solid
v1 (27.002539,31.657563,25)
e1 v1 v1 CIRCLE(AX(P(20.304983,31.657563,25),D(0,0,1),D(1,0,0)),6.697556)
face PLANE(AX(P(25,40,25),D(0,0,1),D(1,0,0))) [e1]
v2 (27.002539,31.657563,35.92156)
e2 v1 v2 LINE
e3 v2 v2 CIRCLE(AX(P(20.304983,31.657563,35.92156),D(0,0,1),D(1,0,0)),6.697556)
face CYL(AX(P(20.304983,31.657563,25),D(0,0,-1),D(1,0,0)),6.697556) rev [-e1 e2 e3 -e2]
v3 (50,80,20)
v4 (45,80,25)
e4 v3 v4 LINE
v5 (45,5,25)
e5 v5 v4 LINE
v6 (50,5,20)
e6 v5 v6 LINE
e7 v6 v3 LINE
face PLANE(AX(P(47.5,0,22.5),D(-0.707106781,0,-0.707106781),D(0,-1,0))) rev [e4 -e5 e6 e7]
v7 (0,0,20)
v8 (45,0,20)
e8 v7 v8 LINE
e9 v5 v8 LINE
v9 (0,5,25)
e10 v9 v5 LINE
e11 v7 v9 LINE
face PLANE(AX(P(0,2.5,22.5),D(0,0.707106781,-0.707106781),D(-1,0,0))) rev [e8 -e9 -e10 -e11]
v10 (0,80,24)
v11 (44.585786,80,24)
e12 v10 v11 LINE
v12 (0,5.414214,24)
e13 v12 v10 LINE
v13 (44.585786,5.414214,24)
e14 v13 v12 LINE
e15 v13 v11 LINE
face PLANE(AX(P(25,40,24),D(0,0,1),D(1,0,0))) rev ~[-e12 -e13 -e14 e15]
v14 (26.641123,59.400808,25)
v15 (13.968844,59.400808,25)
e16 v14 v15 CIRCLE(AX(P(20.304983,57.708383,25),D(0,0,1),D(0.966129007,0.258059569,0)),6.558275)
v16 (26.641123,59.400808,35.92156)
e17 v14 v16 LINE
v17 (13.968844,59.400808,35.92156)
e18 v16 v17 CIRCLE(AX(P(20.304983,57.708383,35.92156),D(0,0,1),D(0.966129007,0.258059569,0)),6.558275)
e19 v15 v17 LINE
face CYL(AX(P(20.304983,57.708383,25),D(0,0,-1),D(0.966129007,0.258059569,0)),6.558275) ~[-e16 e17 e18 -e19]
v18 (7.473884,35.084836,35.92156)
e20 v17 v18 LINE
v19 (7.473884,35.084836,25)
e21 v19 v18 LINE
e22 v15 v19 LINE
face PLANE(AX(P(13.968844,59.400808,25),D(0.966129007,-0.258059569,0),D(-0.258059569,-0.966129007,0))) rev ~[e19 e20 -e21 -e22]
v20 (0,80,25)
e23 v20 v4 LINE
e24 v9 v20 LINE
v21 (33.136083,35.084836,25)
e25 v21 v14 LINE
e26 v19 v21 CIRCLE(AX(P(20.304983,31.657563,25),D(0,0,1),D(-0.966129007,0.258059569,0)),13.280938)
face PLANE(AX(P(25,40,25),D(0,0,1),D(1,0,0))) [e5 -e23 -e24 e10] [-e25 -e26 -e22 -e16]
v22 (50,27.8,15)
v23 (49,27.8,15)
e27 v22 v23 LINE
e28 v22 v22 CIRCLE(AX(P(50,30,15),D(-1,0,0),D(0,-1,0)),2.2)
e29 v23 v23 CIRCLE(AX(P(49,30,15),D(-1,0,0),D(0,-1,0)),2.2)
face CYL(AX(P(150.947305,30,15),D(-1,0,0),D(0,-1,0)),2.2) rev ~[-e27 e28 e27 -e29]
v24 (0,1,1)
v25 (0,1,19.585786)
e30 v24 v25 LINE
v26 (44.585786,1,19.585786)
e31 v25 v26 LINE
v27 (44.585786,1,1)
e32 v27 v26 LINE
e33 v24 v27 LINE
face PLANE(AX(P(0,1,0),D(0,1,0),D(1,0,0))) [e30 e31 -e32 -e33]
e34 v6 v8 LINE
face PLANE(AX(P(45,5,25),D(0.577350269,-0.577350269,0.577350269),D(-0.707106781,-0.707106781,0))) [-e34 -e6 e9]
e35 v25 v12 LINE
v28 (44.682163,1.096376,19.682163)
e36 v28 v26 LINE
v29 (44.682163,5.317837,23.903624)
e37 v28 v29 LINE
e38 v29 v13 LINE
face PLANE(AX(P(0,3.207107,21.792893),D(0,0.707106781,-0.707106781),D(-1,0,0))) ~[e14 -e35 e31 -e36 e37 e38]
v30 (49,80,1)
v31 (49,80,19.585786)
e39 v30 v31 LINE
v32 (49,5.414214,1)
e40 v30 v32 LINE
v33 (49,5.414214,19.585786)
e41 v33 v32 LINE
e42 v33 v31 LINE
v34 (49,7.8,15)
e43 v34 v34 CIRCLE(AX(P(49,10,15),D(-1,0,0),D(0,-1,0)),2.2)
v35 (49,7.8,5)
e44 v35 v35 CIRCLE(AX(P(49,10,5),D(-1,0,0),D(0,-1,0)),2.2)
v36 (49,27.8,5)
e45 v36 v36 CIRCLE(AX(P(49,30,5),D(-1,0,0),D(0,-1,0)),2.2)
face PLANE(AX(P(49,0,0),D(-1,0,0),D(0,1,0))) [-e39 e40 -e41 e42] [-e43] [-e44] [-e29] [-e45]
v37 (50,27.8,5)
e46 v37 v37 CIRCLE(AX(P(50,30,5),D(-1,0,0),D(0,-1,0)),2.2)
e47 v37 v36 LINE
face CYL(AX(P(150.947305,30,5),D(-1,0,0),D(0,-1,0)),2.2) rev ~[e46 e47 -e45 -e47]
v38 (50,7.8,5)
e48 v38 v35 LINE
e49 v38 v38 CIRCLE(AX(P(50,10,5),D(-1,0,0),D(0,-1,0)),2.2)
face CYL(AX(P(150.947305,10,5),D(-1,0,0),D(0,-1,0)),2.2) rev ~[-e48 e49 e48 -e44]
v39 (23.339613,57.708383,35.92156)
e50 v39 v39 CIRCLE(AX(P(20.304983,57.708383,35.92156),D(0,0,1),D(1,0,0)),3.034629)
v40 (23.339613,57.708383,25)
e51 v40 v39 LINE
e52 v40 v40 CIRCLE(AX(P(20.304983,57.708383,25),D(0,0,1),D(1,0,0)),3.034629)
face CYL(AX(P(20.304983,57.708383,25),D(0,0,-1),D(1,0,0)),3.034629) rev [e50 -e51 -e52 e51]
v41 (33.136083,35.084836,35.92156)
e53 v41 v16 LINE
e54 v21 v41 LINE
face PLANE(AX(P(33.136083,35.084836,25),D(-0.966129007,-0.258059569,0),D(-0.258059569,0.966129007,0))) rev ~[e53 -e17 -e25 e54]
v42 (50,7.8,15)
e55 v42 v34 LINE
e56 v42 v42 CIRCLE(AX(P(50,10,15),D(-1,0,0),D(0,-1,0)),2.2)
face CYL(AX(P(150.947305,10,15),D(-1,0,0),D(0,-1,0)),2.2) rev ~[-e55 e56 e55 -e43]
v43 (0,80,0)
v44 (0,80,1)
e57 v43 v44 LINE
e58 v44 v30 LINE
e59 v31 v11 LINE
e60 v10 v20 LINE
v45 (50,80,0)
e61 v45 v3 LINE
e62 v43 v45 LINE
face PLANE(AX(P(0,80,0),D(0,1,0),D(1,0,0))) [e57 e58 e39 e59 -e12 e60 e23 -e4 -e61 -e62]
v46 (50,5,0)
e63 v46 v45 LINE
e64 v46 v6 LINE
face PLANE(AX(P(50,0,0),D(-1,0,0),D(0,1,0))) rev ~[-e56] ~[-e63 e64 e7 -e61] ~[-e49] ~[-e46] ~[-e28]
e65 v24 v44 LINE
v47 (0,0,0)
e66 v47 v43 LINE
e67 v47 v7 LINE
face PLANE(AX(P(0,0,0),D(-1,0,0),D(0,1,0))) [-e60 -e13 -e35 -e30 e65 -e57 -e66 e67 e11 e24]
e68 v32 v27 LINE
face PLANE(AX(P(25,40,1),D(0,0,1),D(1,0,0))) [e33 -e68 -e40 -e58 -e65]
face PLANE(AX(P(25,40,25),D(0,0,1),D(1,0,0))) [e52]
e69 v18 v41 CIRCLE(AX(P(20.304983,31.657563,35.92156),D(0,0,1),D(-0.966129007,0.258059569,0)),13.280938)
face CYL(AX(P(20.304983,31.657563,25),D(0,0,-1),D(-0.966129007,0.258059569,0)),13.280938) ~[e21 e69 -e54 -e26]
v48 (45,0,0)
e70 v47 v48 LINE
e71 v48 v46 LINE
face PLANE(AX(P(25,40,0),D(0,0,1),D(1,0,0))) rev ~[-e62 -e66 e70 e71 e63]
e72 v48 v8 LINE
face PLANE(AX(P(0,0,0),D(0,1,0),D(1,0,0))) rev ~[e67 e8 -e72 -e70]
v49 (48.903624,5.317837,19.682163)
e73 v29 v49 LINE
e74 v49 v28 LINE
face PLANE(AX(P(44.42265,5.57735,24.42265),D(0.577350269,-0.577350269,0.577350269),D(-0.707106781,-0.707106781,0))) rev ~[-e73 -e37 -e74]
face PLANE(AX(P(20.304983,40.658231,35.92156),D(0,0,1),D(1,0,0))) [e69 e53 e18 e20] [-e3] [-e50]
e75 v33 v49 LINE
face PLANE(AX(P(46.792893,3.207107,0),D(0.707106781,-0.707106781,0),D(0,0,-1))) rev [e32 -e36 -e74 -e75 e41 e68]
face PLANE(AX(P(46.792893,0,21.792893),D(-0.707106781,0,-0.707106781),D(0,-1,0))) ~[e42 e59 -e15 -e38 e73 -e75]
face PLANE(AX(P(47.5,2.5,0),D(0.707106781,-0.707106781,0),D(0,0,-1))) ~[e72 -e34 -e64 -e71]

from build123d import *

# Parameters (mm, degrees)
F0_W     = 50
F0_H     = 80
F7_DEPTH = 25
F1_SIZE  = 5
F2_T     = -1
F3_R     = 6.6975560133
F3_R_2   = 3.0346294706
F4_DEPTH = 10.92156
F6_D     = 4.4


with BuildPart() as f7:
    # F0 (on Top) → F7 (new body)
    with BuildSketch(Plane.XY):
        with Locations((25, 40)):
            Rectangle(F0_W, F0_H)
    extrude(amount=F7_DEPTH)

    # F1
    f1_edges = [f7.edges().sort_by_distance(p)[0] for p in [
        (50, 0, 12.5),
        (50, 40, 25),
        (25, 0, 25),
    ]]
    chamfer(f1_edges, length=F1_SIZE)

    # F2
    f2_openings = [f7.faces().sort_by_distance(p)[0] for p in [
        (0, 40.24109, 12.431866),
        (24.76431, 80, 12.390572),
    ]]
    offset(amount=F2_T, openings=f2_openings)

    # F3 (on face) → F4 (join)
    with BuildSketch(Plane.XY.offset(25)):
        with BuildLine():
            Line((33.1360828131, 35.084836185), (26.6411228282, 59.4008081287))
            ThreePointArc((26.6411228282, 59.4008081287), (20.3049834818, 64.2666572246), (13.9688441353, 59.4008081287))
            Line((13.9688441353, 59.4008081287), (7.4738841504, 35.084836185))
            ThreePointArc((7.4738841504, 35.084836185), (20.3049834818, 18.3766251965), (33.1360828131, 35.084836185))
        make_face()
        with Locations((20.3049834818, 31.6575630777)):
            Circle(F3_R, mode=Mode.SUBTRACT)
        with Locations((20.3049834818, 57.7083826065)):
            Circle(F3_R_2, mode=Mode.SUBTRACT)
    extrude(amount=F4_DEPTH)

    # F6 (through all)
    with Locations(Plane.YZ.offset(50)):
        with Locations((10, 15), (30, 15), (30, 5), (10, 5)):
            Hole(F6_D / 2)


solid = f7.part
